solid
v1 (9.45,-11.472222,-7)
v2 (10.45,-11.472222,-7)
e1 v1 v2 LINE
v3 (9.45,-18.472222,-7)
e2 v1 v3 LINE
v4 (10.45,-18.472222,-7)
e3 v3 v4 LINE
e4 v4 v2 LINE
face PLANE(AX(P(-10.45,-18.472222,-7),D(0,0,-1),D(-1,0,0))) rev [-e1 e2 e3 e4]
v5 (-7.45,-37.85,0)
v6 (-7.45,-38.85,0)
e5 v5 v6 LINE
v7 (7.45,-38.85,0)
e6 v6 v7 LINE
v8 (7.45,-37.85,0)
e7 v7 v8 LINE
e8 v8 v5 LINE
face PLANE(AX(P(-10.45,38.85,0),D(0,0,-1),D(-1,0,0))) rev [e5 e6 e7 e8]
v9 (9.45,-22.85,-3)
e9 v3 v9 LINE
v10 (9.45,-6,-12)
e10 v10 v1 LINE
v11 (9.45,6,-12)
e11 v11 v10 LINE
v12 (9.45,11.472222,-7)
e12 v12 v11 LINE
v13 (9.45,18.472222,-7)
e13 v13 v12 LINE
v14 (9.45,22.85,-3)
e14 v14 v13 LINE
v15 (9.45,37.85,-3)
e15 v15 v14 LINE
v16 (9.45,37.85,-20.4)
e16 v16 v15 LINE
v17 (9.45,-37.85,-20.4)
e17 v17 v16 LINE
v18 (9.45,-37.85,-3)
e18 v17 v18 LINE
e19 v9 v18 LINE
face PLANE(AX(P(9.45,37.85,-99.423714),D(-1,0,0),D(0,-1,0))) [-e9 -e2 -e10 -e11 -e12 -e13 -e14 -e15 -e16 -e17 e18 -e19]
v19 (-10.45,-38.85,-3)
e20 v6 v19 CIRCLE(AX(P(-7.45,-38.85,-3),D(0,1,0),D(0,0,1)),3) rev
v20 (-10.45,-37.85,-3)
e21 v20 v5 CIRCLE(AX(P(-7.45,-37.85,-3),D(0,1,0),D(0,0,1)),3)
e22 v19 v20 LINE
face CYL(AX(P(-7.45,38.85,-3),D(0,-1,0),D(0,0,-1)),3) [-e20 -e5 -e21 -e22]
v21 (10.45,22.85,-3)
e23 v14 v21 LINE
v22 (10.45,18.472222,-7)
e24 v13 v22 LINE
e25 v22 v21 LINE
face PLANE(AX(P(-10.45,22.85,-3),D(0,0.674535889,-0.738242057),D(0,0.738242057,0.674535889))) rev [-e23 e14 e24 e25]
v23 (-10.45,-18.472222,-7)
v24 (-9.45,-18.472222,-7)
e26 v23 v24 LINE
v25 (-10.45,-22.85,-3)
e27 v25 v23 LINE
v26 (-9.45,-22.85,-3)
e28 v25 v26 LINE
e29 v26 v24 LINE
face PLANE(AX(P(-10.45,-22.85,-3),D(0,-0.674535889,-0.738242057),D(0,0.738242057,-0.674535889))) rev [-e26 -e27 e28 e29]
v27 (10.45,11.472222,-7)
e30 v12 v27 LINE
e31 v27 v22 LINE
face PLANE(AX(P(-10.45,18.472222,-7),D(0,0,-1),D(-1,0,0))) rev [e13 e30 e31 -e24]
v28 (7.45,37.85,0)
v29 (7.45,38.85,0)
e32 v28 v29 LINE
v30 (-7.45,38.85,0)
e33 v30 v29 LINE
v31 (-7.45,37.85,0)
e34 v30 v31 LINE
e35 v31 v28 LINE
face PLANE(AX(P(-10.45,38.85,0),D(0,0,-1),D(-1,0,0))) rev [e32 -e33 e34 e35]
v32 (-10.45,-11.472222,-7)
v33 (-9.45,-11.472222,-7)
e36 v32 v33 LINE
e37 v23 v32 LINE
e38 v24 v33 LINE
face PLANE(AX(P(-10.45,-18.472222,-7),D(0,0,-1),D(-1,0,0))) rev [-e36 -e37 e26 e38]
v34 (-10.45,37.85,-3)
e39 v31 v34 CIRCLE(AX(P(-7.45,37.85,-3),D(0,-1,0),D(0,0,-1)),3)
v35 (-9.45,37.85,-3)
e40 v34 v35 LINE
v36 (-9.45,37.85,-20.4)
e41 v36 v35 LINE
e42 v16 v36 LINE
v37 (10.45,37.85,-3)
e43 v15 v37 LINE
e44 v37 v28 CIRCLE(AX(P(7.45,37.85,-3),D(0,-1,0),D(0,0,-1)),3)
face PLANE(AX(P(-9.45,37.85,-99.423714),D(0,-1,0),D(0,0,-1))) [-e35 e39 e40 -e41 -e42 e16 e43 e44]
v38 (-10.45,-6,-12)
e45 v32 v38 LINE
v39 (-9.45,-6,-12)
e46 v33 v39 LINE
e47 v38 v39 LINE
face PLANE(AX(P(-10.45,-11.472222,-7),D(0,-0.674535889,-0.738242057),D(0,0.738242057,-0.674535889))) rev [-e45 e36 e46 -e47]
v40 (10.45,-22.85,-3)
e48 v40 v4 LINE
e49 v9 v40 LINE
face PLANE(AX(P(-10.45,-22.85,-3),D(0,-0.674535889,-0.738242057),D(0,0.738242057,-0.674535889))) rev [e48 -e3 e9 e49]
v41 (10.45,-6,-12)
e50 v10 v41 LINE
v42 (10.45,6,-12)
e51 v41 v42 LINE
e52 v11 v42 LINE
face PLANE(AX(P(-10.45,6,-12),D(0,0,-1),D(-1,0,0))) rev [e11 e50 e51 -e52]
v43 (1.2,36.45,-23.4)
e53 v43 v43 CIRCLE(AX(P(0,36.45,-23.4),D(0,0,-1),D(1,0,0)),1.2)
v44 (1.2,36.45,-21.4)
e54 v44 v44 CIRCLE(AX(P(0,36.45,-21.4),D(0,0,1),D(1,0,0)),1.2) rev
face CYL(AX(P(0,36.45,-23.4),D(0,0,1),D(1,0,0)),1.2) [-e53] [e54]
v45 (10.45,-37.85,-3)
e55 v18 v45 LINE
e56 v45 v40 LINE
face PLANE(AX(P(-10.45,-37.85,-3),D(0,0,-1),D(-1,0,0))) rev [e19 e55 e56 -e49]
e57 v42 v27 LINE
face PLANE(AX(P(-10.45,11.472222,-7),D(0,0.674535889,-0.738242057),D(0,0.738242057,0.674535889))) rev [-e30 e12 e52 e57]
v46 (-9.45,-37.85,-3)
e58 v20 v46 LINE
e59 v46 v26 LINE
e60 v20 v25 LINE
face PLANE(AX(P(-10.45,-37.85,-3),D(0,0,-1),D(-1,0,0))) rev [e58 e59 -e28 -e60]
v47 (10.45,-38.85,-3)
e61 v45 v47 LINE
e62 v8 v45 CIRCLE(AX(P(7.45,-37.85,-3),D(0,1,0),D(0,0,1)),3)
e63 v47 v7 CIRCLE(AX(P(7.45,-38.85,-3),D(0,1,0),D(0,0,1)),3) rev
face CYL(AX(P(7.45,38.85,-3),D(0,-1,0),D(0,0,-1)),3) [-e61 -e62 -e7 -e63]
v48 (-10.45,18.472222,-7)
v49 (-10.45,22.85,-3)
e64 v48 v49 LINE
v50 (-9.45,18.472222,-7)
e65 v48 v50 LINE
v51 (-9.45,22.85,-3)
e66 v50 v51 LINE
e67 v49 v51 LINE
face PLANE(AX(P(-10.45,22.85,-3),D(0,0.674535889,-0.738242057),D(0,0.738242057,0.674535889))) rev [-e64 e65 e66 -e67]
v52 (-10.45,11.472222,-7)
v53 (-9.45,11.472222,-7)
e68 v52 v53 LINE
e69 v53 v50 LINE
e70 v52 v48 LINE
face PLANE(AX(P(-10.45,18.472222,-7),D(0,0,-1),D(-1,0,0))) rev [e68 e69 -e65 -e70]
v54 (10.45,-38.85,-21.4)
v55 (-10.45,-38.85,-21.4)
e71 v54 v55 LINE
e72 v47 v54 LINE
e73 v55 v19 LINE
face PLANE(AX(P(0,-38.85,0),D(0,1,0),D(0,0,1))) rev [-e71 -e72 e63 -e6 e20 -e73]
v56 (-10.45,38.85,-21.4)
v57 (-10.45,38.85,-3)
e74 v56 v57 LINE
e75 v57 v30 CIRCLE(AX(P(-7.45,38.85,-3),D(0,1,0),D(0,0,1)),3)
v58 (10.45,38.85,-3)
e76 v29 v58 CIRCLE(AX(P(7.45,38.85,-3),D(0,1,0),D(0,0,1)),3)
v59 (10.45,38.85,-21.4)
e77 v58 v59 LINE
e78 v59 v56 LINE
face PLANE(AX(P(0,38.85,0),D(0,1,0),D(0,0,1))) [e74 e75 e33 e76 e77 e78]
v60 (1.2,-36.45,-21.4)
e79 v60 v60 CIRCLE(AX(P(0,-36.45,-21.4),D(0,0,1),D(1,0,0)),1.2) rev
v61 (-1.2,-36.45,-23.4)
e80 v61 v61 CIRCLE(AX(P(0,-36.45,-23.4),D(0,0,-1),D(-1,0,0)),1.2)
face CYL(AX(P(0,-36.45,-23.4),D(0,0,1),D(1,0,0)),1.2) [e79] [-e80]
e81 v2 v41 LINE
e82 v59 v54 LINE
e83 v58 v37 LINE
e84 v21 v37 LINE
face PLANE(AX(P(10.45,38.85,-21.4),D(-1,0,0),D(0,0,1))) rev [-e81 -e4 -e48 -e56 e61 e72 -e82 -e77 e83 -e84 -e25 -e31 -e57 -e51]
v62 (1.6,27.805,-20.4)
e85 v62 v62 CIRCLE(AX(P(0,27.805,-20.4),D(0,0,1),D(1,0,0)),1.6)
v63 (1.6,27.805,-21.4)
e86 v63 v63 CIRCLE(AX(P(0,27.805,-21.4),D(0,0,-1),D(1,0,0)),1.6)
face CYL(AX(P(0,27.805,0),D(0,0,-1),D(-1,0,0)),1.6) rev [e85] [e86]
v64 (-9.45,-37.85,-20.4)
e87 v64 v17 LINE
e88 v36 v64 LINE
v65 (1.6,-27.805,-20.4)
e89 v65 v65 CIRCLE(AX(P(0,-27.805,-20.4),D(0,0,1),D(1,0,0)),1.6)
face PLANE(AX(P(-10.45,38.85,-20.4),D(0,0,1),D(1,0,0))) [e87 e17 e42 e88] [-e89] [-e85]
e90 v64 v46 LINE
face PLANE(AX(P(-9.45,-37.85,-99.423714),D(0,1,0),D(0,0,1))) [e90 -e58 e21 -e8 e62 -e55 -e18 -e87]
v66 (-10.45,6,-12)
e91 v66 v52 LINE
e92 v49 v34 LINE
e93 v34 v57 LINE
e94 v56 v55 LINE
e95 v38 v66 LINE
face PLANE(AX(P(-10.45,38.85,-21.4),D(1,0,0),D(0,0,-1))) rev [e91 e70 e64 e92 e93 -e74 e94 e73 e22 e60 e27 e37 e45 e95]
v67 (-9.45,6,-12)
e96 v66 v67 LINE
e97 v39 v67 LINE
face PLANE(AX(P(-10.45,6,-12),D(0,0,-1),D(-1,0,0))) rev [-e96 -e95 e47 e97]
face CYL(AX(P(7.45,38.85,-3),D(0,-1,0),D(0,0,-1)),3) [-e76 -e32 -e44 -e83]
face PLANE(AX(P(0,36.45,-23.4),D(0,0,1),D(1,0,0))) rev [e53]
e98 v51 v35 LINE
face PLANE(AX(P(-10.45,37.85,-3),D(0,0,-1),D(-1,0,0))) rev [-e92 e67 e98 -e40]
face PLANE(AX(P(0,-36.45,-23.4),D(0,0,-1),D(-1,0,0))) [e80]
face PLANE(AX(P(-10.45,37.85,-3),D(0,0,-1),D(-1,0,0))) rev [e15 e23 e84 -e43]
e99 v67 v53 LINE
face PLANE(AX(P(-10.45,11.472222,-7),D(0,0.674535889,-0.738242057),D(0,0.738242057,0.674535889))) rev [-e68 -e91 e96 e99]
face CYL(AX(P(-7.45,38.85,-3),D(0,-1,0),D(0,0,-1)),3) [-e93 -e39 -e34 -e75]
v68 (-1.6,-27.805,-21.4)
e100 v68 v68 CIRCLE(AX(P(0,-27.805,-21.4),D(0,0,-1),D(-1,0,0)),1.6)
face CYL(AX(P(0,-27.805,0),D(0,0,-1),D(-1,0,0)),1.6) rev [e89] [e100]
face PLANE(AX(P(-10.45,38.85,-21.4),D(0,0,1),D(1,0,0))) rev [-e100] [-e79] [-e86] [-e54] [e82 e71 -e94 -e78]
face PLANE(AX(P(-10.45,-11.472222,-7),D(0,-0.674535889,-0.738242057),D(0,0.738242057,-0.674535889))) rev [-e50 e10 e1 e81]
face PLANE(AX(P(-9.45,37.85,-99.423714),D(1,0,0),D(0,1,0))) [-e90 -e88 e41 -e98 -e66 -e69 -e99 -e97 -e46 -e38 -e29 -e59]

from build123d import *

# Parameters (mm, degrees)
SKETCH1_W           = 20.9
SKETCH1_H           = 21.4
BOSS_EXTRUDE1_DEPTH = 38.85
SKETCH2_W           = 18.9
SKETCH2_H           = 75.7
CUT_EXTRUDE1_DEPTH  = 20.4
CUT_EXTRUDE4_DEPTH  = 50.031545968
SKETCH4_R           = 1.2
BOSS_EXTRUDE2_DEPTH = 2
SKETCH5_R           = 1.6
CUT_EXTRUDE5_DEPTH  = 46.568464973
FILLET1_R           = 3


with BuildPart() as part:
    # Sketch1 → Boss-Extrude1 (new, symmetric)
    with BuildSketch(Plane(origin=(0, 0, 0), x_dir=(1, 0, 0), z_dir=(0, 1, 0))):
        with Locations((0, 10.7)):
            Rectangle(SKETCH1_W, SKETCH1_H)
    extrude(amount=BOSS_EXTRUDE1_DEPTH, both=True)

    # Sketch2 → Cut-Extrude1 (cut)
    with BuildSketch(Plane(origin=(0, 0, 0), x_dir=(-1, 0, 0), z_dir=(0, 0, -1))):
        Rectangle(SKETCH2_W, SKETCH2_H)
    extrude(amount=CUT_EXTRUDE1_DEPTH, mode=Mode.SUBTRACT)

    # Sketch3 → Cut-Extrude4 (cut, through all)
    with BuildSketch(Plane(origin=(10.45, 0, 0), x_dir=(0, 0, -1), z_dir=(1, 0, 0))):
        Polygon((0, 37.85), (3, 37.85), (3, 22.85), (7, 18.472222222), (7, 11.472222222), (12, 6), (12, -6), (7, -11.472222222), (7, -18.472222222), (3, -22.85), (3, -37.85), (0, -37.85), align=None)
    extrude(amount=-CUT_EXTRUDE4_DEPTH, mode=Mode.SUBTRACT)

    # Sketch4 → Boss-Extrude2 (add)
    with BuildSketch(Plane(origin=(0, 0, -21.4), x_dir=(-1, 0, 0), z_dir=(0, 0, -1))):
        with Locations(Location((0, -36.45, 0), (0, 0, 180))):
            Circle(SKETCH4_R)
        with Locations(Location((0, 36.45, 0), (0, 0, 180))):
            Circle(SKETCH4_R)
    extrude(amount=BOSS_EXTRUDE2_DEPTH)

    # Sketch5 → Cut-Extrude5 (cut, through all)
    with BuildSketch(Plane(origin=(0, 0, -21.4), x_dir=(-1, 0, 0), z_dir=(0, 0, -1))):
        with Locations((0, -27.805)):
            Circle(SKETCH5_R)
        with Locations(Location((0, 27.805, 0), (0, 0, 180))):
            Circle(SKETCH5_R)
    extrude(amount=-CUT_EXTRUDE5_DEPTH, mode=Mode.SUBTRACT)

    # Fillet1
    fillet1_edges = [part.edges().sort_by_distance(p)[0] for p in [
        (-10.45, 38.35, 0),
        (10.45, 38.35, 0),
        (-10.45, -38.35, 0),
        (10.45, -38.35, 0),
    ]]
    fillet(fillet1_edges, radius=FILLET1_R)


solid = part.part
